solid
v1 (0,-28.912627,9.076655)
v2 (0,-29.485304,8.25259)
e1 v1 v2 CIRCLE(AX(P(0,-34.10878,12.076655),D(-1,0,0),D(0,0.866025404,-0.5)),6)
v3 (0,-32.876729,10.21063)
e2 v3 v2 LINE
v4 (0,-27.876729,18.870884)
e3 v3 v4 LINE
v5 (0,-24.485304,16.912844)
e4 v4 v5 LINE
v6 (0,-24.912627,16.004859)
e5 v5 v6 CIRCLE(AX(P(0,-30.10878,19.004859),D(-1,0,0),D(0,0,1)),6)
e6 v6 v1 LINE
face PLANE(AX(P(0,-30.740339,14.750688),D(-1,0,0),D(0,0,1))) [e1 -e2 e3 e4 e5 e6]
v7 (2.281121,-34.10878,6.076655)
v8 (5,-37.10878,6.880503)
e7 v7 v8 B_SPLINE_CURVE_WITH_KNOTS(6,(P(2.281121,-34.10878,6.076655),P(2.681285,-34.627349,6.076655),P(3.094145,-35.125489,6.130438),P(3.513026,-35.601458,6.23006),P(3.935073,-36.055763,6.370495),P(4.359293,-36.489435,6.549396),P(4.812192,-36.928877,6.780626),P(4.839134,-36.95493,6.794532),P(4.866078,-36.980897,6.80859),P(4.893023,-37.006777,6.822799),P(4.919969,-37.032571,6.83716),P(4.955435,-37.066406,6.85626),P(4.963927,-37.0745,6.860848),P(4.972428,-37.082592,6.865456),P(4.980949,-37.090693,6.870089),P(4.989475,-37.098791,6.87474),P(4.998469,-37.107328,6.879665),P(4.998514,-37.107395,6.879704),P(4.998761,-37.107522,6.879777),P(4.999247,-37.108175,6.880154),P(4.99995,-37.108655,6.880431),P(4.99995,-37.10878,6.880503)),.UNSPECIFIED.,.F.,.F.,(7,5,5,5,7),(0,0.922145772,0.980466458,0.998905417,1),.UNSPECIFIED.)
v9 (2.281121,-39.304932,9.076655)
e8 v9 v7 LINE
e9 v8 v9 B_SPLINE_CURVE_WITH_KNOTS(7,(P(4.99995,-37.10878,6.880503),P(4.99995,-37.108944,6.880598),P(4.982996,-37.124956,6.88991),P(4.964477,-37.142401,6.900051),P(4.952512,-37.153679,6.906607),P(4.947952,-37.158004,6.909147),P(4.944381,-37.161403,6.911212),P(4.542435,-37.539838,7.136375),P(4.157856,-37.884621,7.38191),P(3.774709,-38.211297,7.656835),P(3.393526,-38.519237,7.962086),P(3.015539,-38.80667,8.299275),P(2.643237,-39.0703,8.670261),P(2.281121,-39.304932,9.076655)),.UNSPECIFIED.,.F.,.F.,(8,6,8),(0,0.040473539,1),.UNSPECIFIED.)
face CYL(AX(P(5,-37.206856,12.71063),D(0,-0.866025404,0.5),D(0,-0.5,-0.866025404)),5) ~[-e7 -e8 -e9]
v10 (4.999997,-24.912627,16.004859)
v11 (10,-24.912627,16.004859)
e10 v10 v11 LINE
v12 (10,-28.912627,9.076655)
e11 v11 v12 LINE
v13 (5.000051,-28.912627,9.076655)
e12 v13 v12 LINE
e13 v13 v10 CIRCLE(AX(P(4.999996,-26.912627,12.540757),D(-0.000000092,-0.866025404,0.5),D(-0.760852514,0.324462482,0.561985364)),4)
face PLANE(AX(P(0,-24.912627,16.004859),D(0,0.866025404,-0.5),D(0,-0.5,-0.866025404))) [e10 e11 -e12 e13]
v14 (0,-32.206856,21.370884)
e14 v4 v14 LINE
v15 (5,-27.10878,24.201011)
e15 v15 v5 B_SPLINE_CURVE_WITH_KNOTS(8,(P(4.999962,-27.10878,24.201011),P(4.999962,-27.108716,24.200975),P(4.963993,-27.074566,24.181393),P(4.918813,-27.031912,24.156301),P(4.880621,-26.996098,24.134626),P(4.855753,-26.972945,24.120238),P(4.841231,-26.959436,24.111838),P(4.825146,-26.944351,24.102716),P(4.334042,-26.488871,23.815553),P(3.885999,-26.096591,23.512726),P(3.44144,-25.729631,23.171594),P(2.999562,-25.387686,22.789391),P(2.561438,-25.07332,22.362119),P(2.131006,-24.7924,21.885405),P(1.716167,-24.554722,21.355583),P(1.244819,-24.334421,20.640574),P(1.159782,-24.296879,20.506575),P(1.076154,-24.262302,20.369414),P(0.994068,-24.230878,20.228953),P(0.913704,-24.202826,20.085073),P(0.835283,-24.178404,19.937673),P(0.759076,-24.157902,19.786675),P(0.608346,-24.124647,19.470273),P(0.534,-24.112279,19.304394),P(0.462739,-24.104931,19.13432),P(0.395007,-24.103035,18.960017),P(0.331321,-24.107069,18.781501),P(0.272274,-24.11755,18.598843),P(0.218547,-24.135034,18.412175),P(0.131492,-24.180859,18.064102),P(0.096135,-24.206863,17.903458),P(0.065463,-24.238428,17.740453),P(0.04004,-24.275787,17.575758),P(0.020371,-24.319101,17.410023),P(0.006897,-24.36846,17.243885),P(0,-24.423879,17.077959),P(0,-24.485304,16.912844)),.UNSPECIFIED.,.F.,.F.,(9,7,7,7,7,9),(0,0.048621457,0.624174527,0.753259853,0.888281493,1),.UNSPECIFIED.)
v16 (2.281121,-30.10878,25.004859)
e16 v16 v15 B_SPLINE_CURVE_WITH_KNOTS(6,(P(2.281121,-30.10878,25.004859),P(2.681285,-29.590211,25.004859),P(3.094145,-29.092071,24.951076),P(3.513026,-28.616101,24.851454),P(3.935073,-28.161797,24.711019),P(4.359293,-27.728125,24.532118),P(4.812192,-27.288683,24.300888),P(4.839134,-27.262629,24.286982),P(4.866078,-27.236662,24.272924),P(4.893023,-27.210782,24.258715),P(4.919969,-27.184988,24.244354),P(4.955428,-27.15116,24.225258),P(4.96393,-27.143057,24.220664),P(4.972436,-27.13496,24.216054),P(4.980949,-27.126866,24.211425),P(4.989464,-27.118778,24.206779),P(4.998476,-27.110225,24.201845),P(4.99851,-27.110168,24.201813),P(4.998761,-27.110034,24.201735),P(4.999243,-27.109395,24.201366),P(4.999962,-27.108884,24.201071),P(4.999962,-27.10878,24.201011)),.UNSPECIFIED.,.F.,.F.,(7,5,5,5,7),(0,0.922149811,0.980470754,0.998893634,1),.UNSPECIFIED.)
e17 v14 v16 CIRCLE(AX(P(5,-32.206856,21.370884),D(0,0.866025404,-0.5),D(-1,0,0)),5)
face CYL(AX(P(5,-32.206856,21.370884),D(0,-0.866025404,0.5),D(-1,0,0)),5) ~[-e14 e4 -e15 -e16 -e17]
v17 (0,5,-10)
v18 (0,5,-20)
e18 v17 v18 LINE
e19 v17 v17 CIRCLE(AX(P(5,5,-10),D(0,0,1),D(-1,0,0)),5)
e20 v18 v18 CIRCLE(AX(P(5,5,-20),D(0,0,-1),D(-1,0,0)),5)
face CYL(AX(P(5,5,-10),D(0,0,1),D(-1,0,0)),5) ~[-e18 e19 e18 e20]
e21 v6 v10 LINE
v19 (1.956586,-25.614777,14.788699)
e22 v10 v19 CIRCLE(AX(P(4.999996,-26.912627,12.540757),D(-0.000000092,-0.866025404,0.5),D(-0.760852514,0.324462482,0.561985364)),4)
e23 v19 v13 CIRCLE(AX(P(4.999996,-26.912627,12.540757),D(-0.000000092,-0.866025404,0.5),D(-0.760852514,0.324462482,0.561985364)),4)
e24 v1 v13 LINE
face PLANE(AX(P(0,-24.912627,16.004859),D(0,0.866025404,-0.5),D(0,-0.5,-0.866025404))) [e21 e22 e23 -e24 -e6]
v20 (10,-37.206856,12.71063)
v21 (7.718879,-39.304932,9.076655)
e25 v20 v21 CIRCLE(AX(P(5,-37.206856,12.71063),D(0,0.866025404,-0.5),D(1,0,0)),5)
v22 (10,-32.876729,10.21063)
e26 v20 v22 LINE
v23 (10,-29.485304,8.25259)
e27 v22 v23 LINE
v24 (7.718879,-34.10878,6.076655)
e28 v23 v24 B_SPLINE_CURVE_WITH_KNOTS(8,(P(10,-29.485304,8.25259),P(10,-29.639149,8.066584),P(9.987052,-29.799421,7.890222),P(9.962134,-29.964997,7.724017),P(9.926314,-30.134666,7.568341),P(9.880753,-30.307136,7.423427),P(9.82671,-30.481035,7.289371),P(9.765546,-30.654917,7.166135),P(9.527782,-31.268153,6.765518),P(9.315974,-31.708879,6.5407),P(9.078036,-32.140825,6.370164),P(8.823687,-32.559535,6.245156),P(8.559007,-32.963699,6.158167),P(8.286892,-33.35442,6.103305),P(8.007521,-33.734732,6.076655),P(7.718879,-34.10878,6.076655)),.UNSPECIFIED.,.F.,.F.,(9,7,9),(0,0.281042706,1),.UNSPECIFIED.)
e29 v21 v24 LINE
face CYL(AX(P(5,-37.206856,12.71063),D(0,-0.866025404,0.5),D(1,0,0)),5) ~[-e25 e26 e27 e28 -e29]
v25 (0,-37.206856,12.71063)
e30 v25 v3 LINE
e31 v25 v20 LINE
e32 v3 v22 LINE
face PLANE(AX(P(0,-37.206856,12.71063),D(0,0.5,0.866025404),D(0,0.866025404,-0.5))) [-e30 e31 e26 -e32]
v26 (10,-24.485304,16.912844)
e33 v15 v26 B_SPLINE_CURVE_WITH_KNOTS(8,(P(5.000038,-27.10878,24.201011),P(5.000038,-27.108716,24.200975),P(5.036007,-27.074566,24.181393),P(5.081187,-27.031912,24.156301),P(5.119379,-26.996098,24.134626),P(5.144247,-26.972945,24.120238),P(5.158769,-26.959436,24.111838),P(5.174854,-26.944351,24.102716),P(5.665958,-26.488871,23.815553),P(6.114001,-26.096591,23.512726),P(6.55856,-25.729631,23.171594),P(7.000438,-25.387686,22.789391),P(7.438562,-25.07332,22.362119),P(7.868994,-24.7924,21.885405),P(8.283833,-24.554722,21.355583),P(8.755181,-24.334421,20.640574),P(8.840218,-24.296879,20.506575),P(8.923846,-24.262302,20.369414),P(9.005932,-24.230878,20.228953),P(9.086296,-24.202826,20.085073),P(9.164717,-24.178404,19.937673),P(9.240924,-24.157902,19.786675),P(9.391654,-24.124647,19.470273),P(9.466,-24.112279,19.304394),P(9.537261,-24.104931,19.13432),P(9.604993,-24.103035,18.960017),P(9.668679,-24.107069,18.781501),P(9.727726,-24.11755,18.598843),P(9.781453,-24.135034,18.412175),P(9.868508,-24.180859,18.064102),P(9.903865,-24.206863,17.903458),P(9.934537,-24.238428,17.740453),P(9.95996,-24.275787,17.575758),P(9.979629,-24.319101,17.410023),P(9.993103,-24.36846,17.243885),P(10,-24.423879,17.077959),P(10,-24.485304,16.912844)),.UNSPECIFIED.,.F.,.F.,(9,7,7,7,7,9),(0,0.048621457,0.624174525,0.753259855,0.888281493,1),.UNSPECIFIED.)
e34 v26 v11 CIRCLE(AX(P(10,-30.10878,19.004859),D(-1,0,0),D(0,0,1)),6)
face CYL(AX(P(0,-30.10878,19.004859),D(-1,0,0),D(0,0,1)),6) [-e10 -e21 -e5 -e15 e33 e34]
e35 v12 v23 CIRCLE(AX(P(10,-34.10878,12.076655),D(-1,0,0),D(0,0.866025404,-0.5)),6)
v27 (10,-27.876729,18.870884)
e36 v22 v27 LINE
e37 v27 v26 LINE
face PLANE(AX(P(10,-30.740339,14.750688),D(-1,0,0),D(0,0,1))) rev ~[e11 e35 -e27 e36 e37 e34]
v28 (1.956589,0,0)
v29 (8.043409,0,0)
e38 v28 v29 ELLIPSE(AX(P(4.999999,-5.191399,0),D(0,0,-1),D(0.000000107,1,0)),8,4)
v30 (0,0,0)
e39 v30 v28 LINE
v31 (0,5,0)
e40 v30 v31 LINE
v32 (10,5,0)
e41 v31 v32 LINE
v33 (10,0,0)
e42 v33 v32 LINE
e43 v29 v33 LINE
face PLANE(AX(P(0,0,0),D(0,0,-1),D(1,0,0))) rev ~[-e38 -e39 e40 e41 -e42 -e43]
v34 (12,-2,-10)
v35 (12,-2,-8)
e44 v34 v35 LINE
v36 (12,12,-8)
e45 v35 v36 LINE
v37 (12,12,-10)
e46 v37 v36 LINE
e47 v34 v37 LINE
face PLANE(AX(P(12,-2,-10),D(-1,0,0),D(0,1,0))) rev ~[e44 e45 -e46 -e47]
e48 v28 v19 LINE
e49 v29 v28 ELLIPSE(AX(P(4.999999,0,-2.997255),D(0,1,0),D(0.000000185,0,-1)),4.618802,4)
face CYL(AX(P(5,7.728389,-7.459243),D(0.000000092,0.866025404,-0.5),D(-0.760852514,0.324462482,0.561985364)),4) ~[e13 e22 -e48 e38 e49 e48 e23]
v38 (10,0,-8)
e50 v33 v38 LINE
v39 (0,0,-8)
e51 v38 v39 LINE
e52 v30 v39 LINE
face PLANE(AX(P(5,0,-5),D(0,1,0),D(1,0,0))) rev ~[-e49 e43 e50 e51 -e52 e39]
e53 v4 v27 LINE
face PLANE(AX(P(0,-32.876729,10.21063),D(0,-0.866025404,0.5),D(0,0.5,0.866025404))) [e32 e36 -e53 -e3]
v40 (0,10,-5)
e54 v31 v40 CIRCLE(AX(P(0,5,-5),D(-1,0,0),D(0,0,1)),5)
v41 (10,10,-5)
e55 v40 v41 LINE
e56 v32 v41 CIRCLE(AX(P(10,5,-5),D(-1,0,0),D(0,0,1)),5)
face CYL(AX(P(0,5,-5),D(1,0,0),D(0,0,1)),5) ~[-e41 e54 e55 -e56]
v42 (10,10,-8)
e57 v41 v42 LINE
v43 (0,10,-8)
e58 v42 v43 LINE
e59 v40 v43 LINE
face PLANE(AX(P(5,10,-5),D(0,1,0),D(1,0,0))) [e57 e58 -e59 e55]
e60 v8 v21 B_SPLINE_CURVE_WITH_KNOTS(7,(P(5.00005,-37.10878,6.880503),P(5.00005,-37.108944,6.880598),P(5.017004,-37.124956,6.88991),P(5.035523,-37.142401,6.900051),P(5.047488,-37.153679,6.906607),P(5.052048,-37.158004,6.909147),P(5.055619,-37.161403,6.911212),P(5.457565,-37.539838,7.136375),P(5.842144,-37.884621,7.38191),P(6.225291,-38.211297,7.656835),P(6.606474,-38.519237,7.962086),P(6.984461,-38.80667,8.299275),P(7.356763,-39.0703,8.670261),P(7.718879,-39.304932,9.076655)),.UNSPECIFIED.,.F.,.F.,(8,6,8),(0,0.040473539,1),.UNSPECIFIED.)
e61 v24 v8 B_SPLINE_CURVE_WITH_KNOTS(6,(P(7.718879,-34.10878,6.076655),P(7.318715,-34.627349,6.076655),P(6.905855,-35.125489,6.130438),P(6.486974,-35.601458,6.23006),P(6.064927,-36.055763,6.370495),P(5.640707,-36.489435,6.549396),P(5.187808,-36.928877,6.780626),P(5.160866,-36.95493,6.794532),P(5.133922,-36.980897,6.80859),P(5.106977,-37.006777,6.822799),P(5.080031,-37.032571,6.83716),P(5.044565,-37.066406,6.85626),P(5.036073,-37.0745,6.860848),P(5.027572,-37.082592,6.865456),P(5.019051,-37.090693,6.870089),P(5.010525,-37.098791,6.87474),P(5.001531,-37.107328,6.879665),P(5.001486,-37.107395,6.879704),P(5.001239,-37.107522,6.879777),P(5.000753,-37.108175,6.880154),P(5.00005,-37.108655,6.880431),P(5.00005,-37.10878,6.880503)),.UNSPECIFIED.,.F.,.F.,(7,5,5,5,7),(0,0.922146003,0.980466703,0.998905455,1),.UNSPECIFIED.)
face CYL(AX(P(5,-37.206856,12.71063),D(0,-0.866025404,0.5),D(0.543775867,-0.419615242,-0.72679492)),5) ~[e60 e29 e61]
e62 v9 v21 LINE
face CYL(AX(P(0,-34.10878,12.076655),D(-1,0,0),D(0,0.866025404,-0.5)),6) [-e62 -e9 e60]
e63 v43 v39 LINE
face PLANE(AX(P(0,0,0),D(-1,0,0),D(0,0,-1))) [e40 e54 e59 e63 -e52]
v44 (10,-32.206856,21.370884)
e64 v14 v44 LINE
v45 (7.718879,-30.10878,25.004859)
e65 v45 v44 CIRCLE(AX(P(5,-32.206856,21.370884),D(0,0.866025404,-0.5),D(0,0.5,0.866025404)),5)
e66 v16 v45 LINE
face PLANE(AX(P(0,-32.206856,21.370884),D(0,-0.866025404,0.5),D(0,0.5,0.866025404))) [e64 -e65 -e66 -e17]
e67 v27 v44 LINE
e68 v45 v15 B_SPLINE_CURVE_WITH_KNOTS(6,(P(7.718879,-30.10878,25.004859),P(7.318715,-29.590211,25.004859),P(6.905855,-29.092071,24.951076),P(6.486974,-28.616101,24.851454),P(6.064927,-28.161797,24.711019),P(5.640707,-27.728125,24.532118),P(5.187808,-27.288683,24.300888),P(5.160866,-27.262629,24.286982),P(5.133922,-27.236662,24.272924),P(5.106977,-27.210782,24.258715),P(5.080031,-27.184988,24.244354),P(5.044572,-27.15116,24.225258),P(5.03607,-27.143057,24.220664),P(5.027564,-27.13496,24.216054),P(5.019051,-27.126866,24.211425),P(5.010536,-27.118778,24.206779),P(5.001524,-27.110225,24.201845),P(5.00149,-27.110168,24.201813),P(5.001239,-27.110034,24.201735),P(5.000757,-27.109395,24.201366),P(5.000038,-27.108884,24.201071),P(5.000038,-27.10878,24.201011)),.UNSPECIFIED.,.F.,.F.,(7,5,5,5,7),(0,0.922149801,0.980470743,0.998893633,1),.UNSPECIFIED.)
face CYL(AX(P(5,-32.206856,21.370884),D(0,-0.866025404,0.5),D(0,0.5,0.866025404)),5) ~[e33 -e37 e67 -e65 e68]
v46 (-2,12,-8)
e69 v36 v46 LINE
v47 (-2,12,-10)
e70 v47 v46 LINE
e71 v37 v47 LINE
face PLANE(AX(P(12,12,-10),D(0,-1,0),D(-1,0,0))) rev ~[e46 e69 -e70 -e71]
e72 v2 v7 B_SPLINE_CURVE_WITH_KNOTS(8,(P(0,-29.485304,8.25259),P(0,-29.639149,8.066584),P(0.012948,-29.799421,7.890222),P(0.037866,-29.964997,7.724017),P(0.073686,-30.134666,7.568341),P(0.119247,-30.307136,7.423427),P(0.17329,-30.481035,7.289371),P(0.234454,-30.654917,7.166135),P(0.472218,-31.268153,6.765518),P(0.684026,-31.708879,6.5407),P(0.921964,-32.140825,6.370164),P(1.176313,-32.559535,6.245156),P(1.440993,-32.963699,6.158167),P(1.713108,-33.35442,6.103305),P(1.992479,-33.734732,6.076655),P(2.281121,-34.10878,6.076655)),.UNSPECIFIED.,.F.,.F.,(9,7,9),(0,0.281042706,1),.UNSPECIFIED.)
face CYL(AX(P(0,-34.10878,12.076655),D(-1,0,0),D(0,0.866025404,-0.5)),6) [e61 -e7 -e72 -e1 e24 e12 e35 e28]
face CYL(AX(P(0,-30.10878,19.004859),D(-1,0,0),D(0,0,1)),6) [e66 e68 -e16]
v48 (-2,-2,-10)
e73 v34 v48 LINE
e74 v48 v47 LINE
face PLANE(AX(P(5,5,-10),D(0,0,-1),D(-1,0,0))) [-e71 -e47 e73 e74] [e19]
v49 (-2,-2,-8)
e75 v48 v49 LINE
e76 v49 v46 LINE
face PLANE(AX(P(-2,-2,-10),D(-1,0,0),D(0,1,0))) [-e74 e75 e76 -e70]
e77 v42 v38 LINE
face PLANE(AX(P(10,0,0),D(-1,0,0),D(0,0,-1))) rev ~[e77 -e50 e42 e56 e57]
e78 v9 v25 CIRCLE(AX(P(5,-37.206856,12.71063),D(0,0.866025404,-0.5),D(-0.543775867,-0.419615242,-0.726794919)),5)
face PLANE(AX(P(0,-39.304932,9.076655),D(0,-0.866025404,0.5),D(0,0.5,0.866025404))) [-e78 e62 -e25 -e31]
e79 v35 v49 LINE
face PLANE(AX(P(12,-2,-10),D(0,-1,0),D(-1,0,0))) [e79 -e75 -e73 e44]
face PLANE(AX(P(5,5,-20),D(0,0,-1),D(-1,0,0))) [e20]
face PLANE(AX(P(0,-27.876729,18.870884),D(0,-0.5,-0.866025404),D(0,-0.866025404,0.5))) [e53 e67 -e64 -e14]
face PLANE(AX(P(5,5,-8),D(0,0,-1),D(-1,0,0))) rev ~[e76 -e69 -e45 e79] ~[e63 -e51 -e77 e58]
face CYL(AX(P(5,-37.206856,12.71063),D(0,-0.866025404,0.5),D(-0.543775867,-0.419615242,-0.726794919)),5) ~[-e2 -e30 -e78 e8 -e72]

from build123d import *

# Parameters (mm, degrees)
SKETCH1_W           = 10
SKETCH1_H           = 10
BOSS_EXTRUDE1_DEPTH = 10
SKETCH2_R           = 5
BOSS_EXTRUDE2_DEPTH = 10
SKETCH4_R           = 4
BOSS_EXTRUDE3_DEPTH = 40
BOSS_EXTRUDE4_DEPTH = 10
CUT_EXTRUDE1_DEPTH  = 10
FILLET2_R           = 5
SKETCH7_W           = 14
SKETCH7_H           = 14
BOSS_EXTRUDE5_DEPTH = 2


with BuildPart() as part:
    # Sketch1 → Boss-Extrude1 (new body)
    with BuildSketch(Plane(origin=(0, 0, 0), x_dir=(1, 0, 0), z_dir=(0, 1, 0))):
        with Locations((5, 5)):
            Rectangle(SKETCH1_W, SKETCH1_H)
    extrude(amount=BOSS_EXTRUDE1_DEPTH)

    # Sketch2 → Boss-Extrude2 (add)
    with BuildSketch(Plane(origin=(0, 0, -10), x_dir=(-1, 0, 0), z_dir=(0, 0, -1))):
        with Locations((-5, 5)):
            Circle(SKETCH2_R)
    extrude(amount=BOSS_EXTRUDE2_DEPTH)

    # Sketch4 → Boss-Extrude3 (add)
    with BuildSketch(Plane(origin=(9.62e-07, 9.026239035, -5.211301537), x_dir=(0, -0.49999999999999467, -0.8660254037844417), z_dir=(-9.225892847871432e-08, -0.8660254037844382, 0.4999999999999926))):
        with Locations(Location((2.59569937, 4.999999038, 0), (0, 0, 229.539411428))):
            Circle(SKETCH4_R)
    extrude(amount=BOSS_EXTRUDE3_DEPTH)

    # Sketch5 → Boss-Extrude4 (add)
    with BuildSketch(Plane(origin=(0, 0, 0), x_dir=(0, 0, -1), z_dir=(1, 0, 0))):
        with BuildLine():
            Line((-16.004858714, -24.912627201), (-9.076655484, -28.912627201))
            ThreePointArc((-9.076655484, -28.912627201), (-6.076655484, -34.108779624), (-9.076655484, -39.304932046))
            Line((-9.076655484, -39.304932046), (-12.71063008, -37.206855835))
            Line((-12.71063008, -37.206855835), (-10.21063008, -32.876728816))
            Line((-10.21063008, -32.876728816), (-18.870884118, -27.876728816))
            Line((-18.870884118, -27.876728816), (-21.370884118, -32.206855835))
            Line((-21.370884118, -32.206855835), (-25.004858714, -30.108779624))
            ThreePointArc((-25.004858714, -30.108779624), (-22.004858714, -24.912627201), (-16.004858714, -24.912627201))
        make_face()
    extrude(amount=BOSS_EXTRUDE4_DEPTH)

    # Sketch6 → Cut-Extrude1 (cut)
    with BuildSketch(Plane(origin=(0, -33.40900615, 19.288698694), x_dir=(-1, 0, 0), z_dir=(0, -0.8660254037844403, 0.4999999999999971))):
        with BuildLine():
            Line((0, -7.40430063), (0, -2.40430063))
            ThreePointArc((0, -2.40430063), (-1.464466094, -5.939834536), (-5, -7.40430063))
            Line((-5, -7.40430063), (0, -7.40430063))
        make_face()
        with BuildLine():
            Line((-10, -7.40430063), (-5, -7.40430063))
            ThreePointArc((-5, -7.40430063), (-8.535533906, -5.939834536), (-10, -2.40430063))
            Line((-10, -2.40430063), (-10, -7.40430063))
        make_face()
        with BuildLine():
            ThreePointArc((-7.718879336, 11.791851793), (-6.417610293, 12.390527944), (-5, 12.59569937))
            Line((-5, 12.59569937), (-10, 12.59569937))
            Line((-10, 12.59569937), (-10, 11.791851793))
            Line((-10, 11.791851793), (-7.718879336, 11.791851793))
        make_face()
        with BuildLine():
            ThreePointArc((-10, 7.59569937), (-9.392857651, 9.983753318), (-7.718879336, 11.791851793))
            Line((-7.718879336, 11.791851793), (-10, 11.791851793))
            Line((-10, 11.791851793), (-10, 7.59569937))
        make_face()
        with BuildLine():
            Line((-2.281120664, 11.791851793), (0, 11.791851793))
            Line((0, 11.791851793), (0, 12.59569937))
            Line((0, 12.59569937), (-5, 12.59569937))
            ThreePointArc((-5, 12.59569937), (-3.582389707, 12.390527944), (-2.281120664, 11.791851793))
        make_face()
        with BuildLine():
            ThreePointArc((-2.281120664, 11.791851793), (-0.607142349, 9.983753318), (0, 7.59569937))
            Line((0, 7.59569937), (0, 11.791851793))
            Line((0, 11.791851793), (-2.281120664, 11.791851793))
        make_face()
    extrude(amount=-CUT_EXTRUDE1_DEPTH, mode=Mode.SUBTRACT)

    # Fillet2
    fillet2_edges = [part.edges().sort_by_distance(p)[0] for p in [
        (5, 10, 0),
    ]]
    fillet(fillet2_edges, radius=FILLET2_R)

    # Sketch7 → Boss-Extrude5 (add)
    with BuildSketch(Plane(origin=(0, 0, -10), x_dir=(-1, 0, 0), z_dir=(0, 0, -1))):
        with Locations((-5, 5)):
            Rectangle(SKETCH7_W, SKETCH7_H)
    extrude(amount=-BOSS_EXTRUDE5_DEPTH)


solid = part.part
